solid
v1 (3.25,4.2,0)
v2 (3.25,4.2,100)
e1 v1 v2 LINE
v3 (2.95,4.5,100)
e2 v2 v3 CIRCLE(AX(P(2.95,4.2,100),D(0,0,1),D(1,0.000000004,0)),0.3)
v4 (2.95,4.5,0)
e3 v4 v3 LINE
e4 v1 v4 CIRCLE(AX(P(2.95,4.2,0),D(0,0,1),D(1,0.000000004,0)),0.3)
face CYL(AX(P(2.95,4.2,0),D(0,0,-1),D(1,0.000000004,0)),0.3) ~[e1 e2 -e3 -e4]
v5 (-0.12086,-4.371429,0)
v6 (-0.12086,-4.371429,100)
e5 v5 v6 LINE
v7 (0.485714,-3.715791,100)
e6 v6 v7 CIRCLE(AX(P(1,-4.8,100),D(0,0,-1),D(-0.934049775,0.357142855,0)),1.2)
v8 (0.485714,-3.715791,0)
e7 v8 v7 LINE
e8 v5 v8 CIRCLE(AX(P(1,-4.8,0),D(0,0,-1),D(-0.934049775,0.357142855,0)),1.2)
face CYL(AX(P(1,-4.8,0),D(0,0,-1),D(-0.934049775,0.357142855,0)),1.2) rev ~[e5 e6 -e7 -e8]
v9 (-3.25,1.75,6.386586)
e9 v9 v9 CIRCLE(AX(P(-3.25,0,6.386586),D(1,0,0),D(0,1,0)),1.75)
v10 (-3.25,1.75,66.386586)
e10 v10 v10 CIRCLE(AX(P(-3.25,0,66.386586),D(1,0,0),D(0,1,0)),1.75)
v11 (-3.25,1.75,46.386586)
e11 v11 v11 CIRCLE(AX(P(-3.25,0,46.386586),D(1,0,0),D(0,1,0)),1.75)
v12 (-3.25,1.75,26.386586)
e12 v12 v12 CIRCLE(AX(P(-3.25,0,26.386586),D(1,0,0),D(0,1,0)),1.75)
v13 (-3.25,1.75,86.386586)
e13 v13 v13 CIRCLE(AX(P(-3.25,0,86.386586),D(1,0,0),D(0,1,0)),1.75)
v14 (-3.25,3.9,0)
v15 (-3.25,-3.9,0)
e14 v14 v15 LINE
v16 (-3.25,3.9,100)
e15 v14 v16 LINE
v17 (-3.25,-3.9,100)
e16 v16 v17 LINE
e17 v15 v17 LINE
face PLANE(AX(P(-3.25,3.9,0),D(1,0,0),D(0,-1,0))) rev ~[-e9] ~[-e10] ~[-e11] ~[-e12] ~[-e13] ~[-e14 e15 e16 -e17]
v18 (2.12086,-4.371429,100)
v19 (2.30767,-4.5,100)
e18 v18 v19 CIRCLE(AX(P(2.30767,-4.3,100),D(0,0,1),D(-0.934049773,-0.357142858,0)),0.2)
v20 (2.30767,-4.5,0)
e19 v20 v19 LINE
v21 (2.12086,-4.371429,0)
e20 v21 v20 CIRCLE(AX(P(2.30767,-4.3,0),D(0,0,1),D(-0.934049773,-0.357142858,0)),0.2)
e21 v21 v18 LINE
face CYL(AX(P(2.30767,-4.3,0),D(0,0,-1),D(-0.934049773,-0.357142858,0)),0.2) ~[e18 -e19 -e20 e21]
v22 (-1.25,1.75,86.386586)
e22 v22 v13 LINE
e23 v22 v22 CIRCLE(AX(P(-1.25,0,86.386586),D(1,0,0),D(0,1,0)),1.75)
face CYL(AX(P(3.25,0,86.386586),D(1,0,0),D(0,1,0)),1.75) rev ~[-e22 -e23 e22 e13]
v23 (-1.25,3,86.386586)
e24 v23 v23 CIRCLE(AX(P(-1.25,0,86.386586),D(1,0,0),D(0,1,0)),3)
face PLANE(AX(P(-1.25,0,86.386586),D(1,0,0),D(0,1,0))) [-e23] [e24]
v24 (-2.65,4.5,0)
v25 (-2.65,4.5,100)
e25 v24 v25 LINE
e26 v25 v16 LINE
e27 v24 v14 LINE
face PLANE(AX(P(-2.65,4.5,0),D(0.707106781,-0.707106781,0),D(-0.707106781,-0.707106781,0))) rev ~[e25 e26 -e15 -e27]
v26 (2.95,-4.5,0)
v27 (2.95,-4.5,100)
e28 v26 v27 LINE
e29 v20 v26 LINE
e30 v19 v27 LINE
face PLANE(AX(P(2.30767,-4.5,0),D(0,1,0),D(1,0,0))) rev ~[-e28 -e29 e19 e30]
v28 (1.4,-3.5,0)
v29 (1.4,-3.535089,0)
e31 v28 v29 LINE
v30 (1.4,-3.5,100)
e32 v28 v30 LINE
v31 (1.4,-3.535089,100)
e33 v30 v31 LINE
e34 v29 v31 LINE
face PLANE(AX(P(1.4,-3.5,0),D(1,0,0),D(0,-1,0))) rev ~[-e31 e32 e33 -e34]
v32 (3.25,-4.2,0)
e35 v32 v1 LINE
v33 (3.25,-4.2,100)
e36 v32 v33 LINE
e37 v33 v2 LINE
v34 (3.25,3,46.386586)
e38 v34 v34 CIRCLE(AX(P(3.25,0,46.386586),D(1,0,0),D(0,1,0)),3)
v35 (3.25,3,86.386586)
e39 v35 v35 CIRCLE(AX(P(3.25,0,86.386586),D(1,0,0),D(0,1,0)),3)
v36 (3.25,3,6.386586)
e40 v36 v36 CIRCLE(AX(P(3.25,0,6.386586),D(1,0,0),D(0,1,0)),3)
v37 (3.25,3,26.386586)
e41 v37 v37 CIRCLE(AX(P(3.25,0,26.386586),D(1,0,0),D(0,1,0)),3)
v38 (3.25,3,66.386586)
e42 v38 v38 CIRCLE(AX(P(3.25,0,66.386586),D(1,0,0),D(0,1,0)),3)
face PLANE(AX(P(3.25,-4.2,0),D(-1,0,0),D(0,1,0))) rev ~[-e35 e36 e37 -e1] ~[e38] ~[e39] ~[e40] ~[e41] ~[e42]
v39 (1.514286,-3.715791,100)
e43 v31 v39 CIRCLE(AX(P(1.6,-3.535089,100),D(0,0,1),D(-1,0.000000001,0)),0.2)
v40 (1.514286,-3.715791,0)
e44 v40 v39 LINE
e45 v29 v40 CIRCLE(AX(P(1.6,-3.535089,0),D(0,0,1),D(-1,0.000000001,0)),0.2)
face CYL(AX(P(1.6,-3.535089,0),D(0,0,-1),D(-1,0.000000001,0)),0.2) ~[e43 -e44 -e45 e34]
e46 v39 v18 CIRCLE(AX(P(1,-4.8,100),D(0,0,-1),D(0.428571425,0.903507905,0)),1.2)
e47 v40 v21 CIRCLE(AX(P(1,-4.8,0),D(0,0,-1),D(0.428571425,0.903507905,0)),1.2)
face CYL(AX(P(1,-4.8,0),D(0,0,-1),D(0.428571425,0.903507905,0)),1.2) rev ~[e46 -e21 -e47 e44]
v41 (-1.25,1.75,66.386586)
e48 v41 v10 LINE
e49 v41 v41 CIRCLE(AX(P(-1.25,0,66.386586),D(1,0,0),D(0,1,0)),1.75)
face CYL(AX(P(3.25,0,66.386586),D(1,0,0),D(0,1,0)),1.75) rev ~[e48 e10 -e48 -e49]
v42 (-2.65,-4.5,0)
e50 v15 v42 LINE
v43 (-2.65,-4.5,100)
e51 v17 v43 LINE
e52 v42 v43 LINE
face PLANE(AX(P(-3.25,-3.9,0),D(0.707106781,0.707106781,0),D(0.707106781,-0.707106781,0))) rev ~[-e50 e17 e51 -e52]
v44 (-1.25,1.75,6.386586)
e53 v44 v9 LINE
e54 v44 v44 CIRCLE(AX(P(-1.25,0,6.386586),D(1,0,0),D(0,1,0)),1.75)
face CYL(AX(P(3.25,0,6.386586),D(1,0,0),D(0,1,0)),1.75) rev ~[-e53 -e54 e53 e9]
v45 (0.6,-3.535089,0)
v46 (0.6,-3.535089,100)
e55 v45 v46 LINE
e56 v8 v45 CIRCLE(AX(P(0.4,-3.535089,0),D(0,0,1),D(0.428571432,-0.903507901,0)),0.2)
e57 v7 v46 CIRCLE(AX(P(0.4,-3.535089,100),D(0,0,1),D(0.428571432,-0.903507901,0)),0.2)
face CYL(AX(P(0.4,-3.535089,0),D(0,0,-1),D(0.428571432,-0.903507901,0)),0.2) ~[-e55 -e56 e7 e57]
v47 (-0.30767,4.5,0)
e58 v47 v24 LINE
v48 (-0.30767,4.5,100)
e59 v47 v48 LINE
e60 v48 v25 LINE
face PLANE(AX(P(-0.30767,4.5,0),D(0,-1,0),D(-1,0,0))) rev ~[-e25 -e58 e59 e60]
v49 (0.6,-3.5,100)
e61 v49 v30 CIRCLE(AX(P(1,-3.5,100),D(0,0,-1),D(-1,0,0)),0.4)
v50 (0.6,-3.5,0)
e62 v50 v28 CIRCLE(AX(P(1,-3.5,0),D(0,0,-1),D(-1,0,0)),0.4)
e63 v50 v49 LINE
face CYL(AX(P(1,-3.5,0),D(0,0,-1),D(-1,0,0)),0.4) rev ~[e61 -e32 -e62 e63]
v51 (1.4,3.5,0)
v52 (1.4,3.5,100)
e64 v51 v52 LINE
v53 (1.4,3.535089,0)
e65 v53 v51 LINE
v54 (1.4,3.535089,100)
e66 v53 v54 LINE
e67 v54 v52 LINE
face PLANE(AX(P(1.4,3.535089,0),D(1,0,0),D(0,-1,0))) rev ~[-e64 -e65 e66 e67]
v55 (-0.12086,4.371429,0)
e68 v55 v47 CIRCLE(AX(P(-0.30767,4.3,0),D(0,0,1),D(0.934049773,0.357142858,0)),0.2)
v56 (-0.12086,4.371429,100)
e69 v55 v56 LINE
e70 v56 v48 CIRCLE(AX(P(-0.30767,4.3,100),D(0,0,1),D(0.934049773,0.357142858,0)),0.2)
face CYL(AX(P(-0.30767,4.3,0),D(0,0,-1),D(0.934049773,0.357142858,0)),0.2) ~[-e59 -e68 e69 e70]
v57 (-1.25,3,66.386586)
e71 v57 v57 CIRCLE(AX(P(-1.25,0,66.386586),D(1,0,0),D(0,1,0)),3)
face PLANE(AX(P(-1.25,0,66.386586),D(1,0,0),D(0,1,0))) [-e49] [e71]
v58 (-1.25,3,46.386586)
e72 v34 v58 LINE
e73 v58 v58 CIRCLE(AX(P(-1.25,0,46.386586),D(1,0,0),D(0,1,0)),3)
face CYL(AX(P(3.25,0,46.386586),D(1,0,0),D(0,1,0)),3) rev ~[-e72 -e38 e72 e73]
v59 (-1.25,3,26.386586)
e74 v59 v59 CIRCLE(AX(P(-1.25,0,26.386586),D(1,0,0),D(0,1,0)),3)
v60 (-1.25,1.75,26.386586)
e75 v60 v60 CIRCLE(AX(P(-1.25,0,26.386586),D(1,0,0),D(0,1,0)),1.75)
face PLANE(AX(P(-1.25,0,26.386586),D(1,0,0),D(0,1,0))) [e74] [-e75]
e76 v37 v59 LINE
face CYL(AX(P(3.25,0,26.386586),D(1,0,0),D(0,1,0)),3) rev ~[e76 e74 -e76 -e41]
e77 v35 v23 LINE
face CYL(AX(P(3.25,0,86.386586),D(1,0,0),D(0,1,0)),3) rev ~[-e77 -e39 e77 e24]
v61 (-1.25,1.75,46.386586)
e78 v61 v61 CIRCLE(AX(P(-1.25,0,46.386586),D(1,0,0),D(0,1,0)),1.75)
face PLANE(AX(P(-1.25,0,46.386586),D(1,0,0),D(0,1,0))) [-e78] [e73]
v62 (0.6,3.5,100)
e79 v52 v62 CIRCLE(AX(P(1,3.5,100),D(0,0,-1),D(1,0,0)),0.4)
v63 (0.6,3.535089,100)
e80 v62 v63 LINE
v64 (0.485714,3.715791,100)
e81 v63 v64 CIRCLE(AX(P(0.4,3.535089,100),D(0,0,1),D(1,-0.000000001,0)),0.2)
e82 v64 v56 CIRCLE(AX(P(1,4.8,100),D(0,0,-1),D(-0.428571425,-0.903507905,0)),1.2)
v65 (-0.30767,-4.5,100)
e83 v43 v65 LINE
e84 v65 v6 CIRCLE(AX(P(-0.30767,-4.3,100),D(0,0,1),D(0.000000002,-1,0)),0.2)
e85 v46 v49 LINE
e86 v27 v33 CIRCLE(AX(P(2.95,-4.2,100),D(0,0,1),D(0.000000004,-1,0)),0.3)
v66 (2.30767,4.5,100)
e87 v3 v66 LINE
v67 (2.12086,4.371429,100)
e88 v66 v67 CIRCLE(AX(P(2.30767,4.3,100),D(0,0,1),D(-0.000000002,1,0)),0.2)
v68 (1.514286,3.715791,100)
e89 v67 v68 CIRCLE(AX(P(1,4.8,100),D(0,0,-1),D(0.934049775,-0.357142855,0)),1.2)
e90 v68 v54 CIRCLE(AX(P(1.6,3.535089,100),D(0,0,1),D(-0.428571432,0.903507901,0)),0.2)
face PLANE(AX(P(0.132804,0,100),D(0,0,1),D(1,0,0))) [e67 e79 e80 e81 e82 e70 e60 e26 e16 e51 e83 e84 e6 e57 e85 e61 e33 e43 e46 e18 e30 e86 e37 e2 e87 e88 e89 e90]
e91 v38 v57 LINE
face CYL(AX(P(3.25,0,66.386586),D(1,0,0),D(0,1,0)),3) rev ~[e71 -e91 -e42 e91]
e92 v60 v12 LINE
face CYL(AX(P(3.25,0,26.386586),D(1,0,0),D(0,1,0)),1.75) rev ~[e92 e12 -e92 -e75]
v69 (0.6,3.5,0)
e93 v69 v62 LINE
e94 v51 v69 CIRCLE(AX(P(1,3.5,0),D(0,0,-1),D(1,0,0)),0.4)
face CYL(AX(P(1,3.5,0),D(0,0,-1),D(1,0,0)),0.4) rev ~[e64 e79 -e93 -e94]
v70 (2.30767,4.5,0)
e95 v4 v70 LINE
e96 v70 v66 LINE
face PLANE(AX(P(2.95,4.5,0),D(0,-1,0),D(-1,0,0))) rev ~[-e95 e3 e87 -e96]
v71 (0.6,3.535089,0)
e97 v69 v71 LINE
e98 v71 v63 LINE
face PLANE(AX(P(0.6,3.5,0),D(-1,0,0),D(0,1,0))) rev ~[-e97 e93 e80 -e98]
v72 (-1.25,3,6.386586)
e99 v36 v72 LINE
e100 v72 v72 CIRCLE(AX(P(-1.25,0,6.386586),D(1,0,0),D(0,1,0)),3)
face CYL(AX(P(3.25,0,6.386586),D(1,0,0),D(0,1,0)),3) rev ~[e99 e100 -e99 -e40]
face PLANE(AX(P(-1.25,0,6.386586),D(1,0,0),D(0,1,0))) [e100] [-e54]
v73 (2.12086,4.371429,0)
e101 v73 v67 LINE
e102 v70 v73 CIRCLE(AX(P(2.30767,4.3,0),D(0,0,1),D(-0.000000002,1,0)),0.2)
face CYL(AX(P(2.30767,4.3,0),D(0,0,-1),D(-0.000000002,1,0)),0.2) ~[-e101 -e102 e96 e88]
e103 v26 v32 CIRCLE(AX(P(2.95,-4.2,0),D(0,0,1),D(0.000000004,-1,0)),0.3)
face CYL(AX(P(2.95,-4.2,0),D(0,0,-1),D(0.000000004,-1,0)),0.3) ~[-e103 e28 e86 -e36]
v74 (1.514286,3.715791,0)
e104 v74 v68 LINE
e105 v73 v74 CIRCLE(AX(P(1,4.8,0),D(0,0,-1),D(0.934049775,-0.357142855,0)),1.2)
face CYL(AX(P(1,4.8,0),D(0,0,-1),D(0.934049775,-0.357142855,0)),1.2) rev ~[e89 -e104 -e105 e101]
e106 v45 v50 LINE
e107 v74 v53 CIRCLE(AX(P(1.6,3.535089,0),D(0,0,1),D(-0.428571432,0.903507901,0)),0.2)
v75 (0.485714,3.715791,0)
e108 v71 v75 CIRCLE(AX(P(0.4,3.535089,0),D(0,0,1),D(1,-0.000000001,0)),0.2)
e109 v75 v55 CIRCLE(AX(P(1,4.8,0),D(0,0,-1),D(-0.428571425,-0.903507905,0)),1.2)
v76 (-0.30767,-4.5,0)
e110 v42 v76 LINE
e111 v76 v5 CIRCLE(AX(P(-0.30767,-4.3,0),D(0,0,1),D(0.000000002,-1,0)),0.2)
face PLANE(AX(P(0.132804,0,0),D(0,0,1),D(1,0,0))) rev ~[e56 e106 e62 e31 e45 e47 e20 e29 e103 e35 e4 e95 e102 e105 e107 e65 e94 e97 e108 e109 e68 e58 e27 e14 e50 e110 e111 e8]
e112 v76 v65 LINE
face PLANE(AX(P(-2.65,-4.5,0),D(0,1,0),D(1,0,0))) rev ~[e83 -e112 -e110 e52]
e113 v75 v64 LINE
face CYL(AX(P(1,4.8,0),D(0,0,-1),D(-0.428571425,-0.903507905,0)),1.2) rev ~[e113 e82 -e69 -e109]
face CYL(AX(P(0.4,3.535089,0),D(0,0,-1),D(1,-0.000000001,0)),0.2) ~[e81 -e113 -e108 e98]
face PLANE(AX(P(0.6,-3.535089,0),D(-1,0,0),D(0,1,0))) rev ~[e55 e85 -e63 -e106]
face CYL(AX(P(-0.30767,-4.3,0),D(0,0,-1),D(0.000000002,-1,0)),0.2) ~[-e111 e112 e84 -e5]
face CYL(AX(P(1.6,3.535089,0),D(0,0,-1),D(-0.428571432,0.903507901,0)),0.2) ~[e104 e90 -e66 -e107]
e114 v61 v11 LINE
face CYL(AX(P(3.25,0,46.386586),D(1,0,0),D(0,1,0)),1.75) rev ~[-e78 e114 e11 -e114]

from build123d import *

# Parameters (mm, degrees)
EXTRUDE_1_DEPTH     = 100
SKETCH_2_R          = 1.75
CUT_EXTRUDE_1_DEPTH = 100
SKETCH_3_R          = 3
CUT_EXTRUDE_2_DEPTH = 4.5


with BuildPart() as part:
    # 草图1 → 凸台-拉伸1 (new body)
    with BuildSketch(Plane.XY):
        with BuildLine():
            Line((2.95, 4.5), (2.307669683, 4.5))
            ThreePointArc((2.307669683, 4.5), (2.194280341, 4.464750894), (2.120859728, 4.371428571))
            ThreePointArc((2.120859728, 4.371428571), (1.880846451, 3.985070843), (1.514285714, 3.715790517))
            ThreePointArc((1.514285714, 3.715790517), (1.430969149, 3.641993433), (1.4, 3.535088936))
            Line((1.4, 3.535088936), (1.4, 3.5))
            ThreePointArc((1.4, 3.5), (1, 3.1), (0.6, 3.5))
            Line((0.6, 3.5), (0.6, 3.535088936))
            ThreePointArc((0.6, 3.535088936), (0.569030851, 3.641993433), (0.485714286, 3.715790517))
            ThreePointArc((0.485714286, 3.715790517), (0.119153549, 3.985070843), (-0.120859728, 4.371428571))
            ThreePointArc((-0.120859728, 4.371428571), (-0.194280341, 4.464750894), (-0.307669683, 4.5))
            Line((-0.307669683, 4.5), (-2.65, 4.5))
            Line((-2.65, 4.5), (-3.25, 3.9))
            Line((-3.25, 3.9), (-3.25, -3.9))
            Line((-3.25, -3.9), (-2.65, -4.5))
            Line((-2.65, -4.5), (-0.307669683, -4.5))
            ThreePointArc((-0.307669683, -4.5), (-0.194280341, -4.464750894), (-0.120859728, -4.371428571))
            ThreePointArc((-0.120859728, -4.371428571), (0.119153549, -3.985070843), (0.485714286, -3.715790517))
            ThreePointArc((0.485714286, -3.715790517), (0.569030851, -3.641993433), (0.6, -3.535088936))
            Line((0.6, -3.535088936), (0.6, -3.5))
            ThreePointArc((0.6, -3.5), (1, -3.1), (1.4, -3.5))
            Line((1.4, -3.5), (1.4, -3.535088936))
            ThreePointArc((1.4, -3.535088936), (1.430969149, -3.641993433), (1.514285714, -3.715790517))
            ThreePointArc((1.514285714, -3.715790517), (1.880846451, -3.985070843), (2.120859728, -4.371428571))
            ThreePointArc((2.120859728, -4.371428571), (2.194280341, -4.464750894), (2.307669683, -4.5))
            Line((2.307669683, -4.5), (2.95, -4.5))
            ThreePointArc((2.95, -4.5), (3.162132034, -4.412132034), (3.25, -4.2))
            Line((3.25, -4.2), (3.25, 4.2))
            ThreePointArc((3.25, 4.2), (3.162132034, 4.412132034), (2.95, 4.5))
        make_face()
    extrude(amount=EXTRUDE_1_DEPTH)

    # 草图2 → 切除-拉伸1 (cut)
    with BuildSketch(Plane(origin=(3.25, 0, 0), x_dir=(0, 0, -1), z_dir=(1, 0, 0))):
        with Locations(Location((-6.386586206, 0, 0), (0, 0, 90))):
            Circle(SKETCH_2_R)
        with Locations(Location((-26.386586206, 0, 0), (0, 0, 90))):
            Circle(SKETCH_2_R)
        with Locations(Location((-46.386586206, 0, 0), (0, 0, 90))):
            Circle(SKETCH_2_R)
        with Locations(Location((-66.386586206, 0, 0), (0, 0, 90))):
            Circle(SKETCH_2_R)
        with Locations(Location((-86.386586206, 0, 0), (0, 0, 90))):
            Circle(SKETCH_2_R)
    extrude(amount=-CUT_EXTRUDE_1_DEPTH, mode=Mode.SUBTRACT)

    # 草图3 → 切除-拉伸2 (cut)
    with BuildSketch(Plane(origin=(3.25, 0, 0), x_dir=(0, 0, -1), z_dir=(1, 0, 0))):
        with Locations(Location((-6.386586206, 0, 0), (0, 0, 90))):
            Circle(SKETCH_3_R)
        with Locations(Location((-26.386586206, 0, 0), (0, 0, 90))):
            Circle(SKETCH_3_R)
        with Locations(Location((-46.386586206, 0, 0), (0, 0, 90))):
            Circle(SKETCH_3_R)
        with Locations(Location((-66.386586206, 0, 0), (0, 0, 90))):
            Circle(SKETCH_3_R)
        with Locations(Location((-86.386586206, 0, 0), (0, 0, 90))):
            Circle(SKETCH_3_R)
    extrude(amount=-CUT_EXTRUDE_2_DEPTH, mode=Mode.SUBTRACT)


solid = part.part
